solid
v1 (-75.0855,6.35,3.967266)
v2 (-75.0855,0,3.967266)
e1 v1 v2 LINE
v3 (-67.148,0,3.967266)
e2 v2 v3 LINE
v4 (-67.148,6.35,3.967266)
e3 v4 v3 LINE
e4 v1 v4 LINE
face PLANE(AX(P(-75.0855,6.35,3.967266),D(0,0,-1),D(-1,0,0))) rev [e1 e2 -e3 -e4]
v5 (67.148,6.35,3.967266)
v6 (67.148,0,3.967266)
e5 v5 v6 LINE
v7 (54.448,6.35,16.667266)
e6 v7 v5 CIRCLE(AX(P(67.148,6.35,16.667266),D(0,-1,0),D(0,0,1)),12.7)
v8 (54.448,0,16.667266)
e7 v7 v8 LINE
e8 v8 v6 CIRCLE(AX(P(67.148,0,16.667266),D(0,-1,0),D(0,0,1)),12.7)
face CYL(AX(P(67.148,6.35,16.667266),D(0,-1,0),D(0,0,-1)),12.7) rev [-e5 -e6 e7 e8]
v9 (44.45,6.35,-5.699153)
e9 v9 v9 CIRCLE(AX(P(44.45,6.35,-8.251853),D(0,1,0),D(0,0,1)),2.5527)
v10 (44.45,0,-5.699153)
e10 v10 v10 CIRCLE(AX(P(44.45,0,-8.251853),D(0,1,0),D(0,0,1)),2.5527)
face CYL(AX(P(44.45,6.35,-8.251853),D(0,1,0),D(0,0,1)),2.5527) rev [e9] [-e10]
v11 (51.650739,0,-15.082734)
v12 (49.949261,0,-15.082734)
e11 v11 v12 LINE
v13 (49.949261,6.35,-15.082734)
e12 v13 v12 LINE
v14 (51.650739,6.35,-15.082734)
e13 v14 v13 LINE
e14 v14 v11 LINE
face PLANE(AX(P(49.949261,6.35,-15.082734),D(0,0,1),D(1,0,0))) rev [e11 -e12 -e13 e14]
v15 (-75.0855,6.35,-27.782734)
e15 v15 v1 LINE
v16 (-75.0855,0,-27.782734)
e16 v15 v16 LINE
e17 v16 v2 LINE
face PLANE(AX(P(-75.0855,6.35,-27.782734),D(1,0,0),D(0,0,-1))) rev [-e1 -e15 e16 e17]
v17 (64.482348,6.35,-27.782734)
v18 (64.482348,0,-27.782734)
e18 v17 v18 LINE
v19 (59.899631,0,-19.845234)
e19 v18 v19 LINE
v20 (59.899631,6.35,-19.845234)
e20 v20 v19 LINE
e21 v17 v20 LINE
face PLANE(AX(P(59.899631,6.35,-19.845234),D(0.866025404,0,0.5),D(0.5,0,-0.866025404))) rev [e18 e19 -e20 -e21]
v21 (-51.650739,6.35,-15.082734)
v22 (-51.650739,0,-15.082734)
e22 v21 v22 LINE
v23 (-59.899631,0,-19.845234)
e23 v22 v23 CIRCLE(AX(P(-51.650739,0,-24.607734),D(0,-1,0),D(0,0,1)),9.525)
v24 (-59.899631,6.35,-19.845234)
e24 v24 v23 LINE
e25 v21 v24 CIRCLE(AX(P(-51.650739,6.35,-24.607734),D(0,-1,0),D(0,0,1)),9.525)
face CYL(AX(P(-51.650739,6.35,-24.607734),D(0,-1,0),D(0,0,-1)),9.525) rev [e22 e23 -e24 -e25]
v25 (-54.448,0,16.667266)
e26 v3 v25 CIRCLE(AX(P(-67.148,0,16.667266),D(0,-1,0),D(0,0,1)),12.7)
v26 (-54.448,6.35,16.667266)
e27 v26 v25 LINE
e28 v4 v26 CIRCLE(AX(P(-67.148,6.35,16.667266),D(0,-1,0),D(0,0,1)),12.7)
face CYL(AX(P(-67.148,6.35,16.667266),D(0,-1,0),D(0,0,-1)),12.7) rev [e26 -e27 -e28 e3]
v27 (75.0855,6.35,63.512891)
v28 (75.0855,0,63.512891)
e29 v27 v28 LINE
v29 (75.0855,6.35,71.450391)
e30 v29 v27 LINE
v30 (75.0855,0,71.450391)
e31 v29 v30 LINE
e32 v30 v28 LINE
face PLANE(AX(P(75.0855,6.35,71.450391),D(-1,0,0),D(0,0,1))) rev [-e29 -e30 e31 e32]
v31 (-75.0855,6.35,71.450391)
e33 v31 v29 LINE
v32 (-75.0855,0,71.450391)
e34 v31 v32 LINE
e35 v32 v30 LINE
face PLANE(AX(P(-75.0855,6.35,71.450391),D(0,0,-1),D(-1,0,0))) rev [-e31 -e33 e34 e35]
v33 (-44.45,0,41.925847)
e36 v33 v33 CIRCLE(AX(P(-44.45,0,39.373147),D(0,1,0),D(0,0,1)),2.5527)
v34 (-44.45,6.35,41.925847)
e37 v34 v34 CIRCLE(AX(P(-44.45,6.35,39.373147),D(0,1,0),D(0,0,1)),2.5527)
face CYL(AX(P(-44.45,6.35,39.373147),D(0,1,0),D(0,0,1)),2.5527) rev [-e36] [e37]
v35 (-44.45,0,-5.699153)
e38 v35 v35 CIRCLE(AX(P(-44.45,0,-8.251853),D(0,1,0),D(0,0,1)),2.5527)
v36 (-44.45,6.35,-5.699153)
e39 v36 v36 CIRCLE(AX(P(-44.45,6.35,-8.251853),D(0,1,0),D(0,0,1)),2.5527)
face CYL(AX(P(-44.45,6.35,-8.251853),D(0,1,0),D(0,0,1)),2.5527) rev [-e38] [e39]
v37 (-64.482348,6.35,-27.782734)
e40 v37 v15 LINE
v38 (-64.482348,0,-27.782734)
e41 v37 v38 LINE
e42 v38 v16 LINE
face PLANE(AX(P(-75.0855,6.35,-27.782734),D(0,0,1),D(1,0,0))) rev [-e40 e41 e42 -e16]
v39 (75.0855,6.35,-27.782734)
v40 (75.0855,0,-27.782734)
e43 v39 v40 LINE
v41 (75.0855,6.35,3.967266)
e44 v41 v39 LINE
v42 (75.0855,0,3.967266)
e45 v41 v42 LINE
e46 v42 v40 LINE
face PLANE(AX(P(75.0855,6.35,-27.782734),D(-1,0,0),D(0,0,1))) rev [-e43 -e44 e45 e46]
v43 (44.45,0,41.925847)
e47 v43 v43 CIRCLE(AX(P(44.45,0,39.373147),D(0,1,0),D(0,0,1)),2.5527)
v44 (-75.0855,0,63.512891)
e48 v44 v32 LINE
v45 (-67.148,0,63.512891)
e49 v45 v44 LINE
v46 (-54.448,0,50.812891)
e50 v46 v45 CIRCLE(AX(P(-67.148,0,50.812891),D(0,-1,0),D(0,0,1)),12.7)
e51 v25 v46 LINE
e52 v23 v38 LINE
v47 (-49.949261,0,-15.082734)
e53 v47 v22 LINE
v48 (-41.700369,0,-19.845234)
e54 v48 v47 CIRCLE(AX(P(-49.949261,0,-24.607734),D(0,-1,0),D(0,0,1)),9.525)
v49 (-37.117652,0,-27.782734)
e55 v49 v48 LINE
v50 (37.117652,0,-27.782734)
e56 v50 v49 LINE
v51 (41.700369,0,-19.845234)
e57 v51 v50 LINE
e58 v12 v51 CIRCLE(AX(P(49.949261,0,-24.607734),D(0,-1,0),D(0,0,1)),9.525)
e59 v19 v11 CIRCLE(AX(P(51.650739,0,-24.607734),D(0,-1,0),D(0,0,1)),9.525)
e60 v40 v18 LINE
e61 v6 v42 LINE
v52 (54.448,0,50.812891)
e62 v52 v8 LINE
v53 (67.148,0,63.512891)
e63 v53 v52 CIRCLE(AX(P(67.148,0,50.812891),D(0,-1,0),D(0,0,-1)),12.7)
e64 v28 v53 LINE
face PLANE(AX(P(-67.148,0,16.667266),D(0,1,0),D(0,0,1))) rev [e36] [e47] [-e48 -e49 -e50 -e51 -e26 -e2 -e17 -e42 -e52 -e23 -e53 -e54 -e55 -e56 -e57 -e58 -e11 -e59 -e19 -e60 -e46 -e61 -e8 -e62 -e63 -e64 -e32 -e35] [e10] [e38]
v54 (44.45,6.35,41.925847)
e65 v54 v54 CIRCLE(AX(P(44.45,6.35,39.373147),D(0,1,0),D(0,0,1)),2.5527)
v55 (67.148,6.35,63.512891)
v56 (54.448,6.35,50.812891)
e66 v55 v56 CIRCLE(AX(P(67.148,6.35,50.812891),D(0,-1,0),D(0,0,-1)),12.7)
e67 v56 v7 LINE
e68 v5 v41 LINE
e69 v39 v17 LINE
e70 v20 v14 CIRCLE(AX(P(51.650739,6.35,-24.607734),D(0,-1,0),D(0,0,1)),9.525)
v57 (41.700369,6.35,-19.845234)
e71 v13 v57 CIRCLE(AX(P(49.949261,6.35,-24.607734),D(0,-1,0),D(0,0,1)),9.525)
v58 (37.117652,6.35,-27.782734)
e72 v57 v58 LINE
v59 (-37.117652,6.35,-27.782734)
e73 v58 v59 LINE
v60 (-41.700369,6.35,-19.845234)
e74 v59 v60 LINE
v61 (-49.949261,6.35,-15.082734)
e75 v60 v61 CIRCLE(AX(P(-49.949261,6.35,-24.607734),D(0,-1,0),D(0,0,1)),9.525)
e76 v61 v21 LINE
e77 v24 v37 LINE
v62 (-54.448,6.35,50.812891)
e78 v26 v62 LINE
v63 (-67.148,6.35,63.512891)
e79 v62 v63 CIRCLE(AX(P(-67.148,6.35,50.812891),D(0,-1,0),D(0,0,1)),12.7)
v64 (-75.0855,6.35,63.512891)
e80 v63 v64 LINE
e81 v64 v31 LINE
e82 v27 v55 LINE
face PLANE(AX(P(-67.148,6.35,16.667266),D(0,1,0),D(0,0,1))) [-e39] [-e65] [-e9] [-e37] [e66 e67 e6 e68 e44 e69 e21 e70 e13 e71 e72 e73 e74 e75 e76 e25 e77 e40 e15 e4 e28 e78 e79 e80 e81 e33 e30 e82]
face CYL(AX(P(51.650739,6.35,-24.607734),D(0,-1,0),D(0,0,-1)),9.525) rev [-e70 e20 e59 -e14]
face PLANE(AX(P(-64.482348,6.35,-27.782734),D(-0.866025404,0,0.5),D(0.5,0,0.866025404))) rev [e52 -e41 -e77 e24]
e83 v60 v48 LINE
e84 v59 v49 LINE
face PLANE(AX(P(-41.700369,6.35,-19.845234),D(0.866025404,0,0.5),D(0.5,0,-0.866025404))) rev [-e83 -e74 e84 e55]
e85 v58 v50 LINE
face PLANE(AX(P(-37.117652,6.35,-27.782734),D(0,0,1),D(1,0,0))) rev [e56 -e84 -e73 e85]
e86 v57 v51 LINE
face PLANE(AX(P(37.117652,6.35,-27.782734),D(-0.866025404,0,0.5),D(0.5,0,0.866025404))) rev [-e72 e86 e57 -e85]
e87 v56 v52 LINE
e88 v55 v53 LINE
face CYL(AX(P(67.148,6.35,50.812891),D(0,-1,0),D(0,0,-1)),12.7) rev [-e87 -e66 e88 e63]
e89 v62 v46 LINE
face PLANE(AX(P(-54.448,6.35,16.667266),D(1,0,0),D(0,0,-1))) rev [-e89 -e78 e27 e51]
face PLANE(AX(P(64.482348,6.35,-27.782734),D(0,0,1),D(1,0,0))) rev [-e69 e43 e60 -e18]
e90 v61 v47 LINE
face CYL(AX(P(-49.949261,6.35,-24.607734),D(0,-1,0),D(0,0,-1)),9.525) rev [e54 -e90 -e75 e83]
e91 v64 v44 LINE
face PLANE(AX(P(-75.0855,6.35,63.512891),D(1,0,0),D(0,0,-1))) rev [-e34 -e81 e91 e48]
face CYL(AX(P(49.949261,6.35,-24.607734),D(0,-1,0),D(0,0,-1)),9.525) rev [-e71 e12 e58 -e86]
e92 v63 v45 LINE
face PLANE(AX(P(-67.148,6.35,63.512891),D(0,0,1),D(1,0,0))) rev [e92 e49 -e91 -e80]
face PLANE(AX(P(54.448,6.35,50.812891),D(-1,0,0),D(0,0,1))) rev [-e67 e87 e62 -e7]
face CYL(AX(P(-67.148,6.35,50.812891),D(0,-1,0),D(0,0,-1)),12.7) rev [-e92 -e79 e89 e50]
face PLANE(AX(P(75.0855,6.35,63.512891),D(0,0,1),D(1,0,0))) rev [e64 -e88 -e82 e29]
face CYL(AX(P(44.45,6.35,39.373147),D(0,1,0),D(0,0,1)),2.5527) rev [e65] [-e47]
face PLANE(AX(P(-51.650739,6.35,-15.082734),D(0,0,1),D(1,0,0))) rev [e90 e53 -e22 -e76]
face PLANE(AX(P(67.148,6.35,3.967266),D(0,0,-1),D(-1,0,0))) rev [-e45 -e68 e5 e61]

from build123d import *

# Parameters (mm, degrees)
BOSS_EXTRUDE1_DEPTH    = 6.35
F_10_CLEARANCE_HOLE1_D = 5.1054


with BuildPart() as part:
    # Sketch1 → Boss-Extrude1 (new body)
    with BuildSketch(Plane(origin=(0, 0, 0), x_dir=(1, 0, 0), z_dir=(0, 1, 0))):
        with BuildLine():
            Line((-54.448, -16.667265757), (-54.448, -50.812890909))
            ThreePointArc((-54.448, -50.812890909), (-58.167743879, -59.79314703), (-67.148, -63.512890909))
            Line((-67.148, -63.512890909), (-75.0855, -63.512890909))
            Line((-75.0855, -63.512890909), (-75.0855, -71.450390909))
            Line((-75.0855, -71.450390909), (75.0855, -71.450390909))
            Line((75.0855, -71.450390909), (75.0855, -63.512890909))
            Line((75.0855, -63.512890909), (67.148, -63.512890909))
            ThreePointArc((67.148, -63.512890909), (58.167743879, -59.79314703), (54.448, -50.812890909))
            Line((54.448, -50.812890909), (54.448, -16.667265757))
            ThreePointArc((54.448, -16.667265757), (58.167743879, -7.687009636), (67.148, -3.967265757))
            Line((67.148, -3.967265757), (75.0855, -3.967265757))
            Line((75.0855, -3.967265757), (75.0855, 27.782734243))
            Line((75.0855, 27.782734243), (64.482348419, 27.782734243))
            Line((64.482348419, 27.782734243), (59.899630657, 19.845234243))
            ThreePointArc((59.899630657, 19.845234243), (56.413238686, 16.358842272), (51.650738686, 15.082734243))
            Line((51.650738686, 15.082734243), (49.949261314, 15.082734243))
            ThreePointArc((49.949261314, 15.082734243), (45.186761314, 16.358842272), (41.700369343, 19.845234243))
            Line((41.700369343, 19.845234243), (37.117651581, 27.782734243))
            Line((37.117651581, 27.782734243), (-37.117651581, 27.782734243))
            Line((-37.117651581, 27.782734243), (-41.700369343, 19.845234243))
            ThreePointArc((-41.700369343, 19.845234243), (-45.186761314, 16.358842272), (-49.949261314, 15.082734243))
            Line((-49.949261314, 15.082734243), (-51.650738686, 15.082734243))
            ThreePointArc((-51.650738686, 15.082734243), (-56.413238686, 16.358842272), (-59.899630657, 19.845234243))
            Line((-59.899630657, 19.845234243), (-64.482348419, 27.782734243))
            Line((-64.482348419, 27.782734243), (-75.0855, 27.782734243))
            Line((-75.0855, 27.782734243), (-75.0855, -3.967265757))
            Line((-75.0855, -3.967265757), (-67.148, -3.967265757))
            ThreePointArc((-67.148, -3.967265757), (-58.167743879, -7.687009636), (-54.448, -16.667265757))
        make_face()
    extrude(amount=BOSS_EXTRUDE1_DEPTH)

    # #10 Clearance Hole1 (through all)
    with Locations(Plane(origin=(0, 6.35, 0), x_dir=(1, 0, 0), z_dir=(0, 1, 0))):
        with Locations((-44.449999955, 8.251852655), (-44.449999955, -39.373147345), (44.450000045, 8.251852655), (44.450000045, -39.373147345)):
            Hole(F_10_CLEARANCE_HOLE1_D / 2)


solid = part.part
